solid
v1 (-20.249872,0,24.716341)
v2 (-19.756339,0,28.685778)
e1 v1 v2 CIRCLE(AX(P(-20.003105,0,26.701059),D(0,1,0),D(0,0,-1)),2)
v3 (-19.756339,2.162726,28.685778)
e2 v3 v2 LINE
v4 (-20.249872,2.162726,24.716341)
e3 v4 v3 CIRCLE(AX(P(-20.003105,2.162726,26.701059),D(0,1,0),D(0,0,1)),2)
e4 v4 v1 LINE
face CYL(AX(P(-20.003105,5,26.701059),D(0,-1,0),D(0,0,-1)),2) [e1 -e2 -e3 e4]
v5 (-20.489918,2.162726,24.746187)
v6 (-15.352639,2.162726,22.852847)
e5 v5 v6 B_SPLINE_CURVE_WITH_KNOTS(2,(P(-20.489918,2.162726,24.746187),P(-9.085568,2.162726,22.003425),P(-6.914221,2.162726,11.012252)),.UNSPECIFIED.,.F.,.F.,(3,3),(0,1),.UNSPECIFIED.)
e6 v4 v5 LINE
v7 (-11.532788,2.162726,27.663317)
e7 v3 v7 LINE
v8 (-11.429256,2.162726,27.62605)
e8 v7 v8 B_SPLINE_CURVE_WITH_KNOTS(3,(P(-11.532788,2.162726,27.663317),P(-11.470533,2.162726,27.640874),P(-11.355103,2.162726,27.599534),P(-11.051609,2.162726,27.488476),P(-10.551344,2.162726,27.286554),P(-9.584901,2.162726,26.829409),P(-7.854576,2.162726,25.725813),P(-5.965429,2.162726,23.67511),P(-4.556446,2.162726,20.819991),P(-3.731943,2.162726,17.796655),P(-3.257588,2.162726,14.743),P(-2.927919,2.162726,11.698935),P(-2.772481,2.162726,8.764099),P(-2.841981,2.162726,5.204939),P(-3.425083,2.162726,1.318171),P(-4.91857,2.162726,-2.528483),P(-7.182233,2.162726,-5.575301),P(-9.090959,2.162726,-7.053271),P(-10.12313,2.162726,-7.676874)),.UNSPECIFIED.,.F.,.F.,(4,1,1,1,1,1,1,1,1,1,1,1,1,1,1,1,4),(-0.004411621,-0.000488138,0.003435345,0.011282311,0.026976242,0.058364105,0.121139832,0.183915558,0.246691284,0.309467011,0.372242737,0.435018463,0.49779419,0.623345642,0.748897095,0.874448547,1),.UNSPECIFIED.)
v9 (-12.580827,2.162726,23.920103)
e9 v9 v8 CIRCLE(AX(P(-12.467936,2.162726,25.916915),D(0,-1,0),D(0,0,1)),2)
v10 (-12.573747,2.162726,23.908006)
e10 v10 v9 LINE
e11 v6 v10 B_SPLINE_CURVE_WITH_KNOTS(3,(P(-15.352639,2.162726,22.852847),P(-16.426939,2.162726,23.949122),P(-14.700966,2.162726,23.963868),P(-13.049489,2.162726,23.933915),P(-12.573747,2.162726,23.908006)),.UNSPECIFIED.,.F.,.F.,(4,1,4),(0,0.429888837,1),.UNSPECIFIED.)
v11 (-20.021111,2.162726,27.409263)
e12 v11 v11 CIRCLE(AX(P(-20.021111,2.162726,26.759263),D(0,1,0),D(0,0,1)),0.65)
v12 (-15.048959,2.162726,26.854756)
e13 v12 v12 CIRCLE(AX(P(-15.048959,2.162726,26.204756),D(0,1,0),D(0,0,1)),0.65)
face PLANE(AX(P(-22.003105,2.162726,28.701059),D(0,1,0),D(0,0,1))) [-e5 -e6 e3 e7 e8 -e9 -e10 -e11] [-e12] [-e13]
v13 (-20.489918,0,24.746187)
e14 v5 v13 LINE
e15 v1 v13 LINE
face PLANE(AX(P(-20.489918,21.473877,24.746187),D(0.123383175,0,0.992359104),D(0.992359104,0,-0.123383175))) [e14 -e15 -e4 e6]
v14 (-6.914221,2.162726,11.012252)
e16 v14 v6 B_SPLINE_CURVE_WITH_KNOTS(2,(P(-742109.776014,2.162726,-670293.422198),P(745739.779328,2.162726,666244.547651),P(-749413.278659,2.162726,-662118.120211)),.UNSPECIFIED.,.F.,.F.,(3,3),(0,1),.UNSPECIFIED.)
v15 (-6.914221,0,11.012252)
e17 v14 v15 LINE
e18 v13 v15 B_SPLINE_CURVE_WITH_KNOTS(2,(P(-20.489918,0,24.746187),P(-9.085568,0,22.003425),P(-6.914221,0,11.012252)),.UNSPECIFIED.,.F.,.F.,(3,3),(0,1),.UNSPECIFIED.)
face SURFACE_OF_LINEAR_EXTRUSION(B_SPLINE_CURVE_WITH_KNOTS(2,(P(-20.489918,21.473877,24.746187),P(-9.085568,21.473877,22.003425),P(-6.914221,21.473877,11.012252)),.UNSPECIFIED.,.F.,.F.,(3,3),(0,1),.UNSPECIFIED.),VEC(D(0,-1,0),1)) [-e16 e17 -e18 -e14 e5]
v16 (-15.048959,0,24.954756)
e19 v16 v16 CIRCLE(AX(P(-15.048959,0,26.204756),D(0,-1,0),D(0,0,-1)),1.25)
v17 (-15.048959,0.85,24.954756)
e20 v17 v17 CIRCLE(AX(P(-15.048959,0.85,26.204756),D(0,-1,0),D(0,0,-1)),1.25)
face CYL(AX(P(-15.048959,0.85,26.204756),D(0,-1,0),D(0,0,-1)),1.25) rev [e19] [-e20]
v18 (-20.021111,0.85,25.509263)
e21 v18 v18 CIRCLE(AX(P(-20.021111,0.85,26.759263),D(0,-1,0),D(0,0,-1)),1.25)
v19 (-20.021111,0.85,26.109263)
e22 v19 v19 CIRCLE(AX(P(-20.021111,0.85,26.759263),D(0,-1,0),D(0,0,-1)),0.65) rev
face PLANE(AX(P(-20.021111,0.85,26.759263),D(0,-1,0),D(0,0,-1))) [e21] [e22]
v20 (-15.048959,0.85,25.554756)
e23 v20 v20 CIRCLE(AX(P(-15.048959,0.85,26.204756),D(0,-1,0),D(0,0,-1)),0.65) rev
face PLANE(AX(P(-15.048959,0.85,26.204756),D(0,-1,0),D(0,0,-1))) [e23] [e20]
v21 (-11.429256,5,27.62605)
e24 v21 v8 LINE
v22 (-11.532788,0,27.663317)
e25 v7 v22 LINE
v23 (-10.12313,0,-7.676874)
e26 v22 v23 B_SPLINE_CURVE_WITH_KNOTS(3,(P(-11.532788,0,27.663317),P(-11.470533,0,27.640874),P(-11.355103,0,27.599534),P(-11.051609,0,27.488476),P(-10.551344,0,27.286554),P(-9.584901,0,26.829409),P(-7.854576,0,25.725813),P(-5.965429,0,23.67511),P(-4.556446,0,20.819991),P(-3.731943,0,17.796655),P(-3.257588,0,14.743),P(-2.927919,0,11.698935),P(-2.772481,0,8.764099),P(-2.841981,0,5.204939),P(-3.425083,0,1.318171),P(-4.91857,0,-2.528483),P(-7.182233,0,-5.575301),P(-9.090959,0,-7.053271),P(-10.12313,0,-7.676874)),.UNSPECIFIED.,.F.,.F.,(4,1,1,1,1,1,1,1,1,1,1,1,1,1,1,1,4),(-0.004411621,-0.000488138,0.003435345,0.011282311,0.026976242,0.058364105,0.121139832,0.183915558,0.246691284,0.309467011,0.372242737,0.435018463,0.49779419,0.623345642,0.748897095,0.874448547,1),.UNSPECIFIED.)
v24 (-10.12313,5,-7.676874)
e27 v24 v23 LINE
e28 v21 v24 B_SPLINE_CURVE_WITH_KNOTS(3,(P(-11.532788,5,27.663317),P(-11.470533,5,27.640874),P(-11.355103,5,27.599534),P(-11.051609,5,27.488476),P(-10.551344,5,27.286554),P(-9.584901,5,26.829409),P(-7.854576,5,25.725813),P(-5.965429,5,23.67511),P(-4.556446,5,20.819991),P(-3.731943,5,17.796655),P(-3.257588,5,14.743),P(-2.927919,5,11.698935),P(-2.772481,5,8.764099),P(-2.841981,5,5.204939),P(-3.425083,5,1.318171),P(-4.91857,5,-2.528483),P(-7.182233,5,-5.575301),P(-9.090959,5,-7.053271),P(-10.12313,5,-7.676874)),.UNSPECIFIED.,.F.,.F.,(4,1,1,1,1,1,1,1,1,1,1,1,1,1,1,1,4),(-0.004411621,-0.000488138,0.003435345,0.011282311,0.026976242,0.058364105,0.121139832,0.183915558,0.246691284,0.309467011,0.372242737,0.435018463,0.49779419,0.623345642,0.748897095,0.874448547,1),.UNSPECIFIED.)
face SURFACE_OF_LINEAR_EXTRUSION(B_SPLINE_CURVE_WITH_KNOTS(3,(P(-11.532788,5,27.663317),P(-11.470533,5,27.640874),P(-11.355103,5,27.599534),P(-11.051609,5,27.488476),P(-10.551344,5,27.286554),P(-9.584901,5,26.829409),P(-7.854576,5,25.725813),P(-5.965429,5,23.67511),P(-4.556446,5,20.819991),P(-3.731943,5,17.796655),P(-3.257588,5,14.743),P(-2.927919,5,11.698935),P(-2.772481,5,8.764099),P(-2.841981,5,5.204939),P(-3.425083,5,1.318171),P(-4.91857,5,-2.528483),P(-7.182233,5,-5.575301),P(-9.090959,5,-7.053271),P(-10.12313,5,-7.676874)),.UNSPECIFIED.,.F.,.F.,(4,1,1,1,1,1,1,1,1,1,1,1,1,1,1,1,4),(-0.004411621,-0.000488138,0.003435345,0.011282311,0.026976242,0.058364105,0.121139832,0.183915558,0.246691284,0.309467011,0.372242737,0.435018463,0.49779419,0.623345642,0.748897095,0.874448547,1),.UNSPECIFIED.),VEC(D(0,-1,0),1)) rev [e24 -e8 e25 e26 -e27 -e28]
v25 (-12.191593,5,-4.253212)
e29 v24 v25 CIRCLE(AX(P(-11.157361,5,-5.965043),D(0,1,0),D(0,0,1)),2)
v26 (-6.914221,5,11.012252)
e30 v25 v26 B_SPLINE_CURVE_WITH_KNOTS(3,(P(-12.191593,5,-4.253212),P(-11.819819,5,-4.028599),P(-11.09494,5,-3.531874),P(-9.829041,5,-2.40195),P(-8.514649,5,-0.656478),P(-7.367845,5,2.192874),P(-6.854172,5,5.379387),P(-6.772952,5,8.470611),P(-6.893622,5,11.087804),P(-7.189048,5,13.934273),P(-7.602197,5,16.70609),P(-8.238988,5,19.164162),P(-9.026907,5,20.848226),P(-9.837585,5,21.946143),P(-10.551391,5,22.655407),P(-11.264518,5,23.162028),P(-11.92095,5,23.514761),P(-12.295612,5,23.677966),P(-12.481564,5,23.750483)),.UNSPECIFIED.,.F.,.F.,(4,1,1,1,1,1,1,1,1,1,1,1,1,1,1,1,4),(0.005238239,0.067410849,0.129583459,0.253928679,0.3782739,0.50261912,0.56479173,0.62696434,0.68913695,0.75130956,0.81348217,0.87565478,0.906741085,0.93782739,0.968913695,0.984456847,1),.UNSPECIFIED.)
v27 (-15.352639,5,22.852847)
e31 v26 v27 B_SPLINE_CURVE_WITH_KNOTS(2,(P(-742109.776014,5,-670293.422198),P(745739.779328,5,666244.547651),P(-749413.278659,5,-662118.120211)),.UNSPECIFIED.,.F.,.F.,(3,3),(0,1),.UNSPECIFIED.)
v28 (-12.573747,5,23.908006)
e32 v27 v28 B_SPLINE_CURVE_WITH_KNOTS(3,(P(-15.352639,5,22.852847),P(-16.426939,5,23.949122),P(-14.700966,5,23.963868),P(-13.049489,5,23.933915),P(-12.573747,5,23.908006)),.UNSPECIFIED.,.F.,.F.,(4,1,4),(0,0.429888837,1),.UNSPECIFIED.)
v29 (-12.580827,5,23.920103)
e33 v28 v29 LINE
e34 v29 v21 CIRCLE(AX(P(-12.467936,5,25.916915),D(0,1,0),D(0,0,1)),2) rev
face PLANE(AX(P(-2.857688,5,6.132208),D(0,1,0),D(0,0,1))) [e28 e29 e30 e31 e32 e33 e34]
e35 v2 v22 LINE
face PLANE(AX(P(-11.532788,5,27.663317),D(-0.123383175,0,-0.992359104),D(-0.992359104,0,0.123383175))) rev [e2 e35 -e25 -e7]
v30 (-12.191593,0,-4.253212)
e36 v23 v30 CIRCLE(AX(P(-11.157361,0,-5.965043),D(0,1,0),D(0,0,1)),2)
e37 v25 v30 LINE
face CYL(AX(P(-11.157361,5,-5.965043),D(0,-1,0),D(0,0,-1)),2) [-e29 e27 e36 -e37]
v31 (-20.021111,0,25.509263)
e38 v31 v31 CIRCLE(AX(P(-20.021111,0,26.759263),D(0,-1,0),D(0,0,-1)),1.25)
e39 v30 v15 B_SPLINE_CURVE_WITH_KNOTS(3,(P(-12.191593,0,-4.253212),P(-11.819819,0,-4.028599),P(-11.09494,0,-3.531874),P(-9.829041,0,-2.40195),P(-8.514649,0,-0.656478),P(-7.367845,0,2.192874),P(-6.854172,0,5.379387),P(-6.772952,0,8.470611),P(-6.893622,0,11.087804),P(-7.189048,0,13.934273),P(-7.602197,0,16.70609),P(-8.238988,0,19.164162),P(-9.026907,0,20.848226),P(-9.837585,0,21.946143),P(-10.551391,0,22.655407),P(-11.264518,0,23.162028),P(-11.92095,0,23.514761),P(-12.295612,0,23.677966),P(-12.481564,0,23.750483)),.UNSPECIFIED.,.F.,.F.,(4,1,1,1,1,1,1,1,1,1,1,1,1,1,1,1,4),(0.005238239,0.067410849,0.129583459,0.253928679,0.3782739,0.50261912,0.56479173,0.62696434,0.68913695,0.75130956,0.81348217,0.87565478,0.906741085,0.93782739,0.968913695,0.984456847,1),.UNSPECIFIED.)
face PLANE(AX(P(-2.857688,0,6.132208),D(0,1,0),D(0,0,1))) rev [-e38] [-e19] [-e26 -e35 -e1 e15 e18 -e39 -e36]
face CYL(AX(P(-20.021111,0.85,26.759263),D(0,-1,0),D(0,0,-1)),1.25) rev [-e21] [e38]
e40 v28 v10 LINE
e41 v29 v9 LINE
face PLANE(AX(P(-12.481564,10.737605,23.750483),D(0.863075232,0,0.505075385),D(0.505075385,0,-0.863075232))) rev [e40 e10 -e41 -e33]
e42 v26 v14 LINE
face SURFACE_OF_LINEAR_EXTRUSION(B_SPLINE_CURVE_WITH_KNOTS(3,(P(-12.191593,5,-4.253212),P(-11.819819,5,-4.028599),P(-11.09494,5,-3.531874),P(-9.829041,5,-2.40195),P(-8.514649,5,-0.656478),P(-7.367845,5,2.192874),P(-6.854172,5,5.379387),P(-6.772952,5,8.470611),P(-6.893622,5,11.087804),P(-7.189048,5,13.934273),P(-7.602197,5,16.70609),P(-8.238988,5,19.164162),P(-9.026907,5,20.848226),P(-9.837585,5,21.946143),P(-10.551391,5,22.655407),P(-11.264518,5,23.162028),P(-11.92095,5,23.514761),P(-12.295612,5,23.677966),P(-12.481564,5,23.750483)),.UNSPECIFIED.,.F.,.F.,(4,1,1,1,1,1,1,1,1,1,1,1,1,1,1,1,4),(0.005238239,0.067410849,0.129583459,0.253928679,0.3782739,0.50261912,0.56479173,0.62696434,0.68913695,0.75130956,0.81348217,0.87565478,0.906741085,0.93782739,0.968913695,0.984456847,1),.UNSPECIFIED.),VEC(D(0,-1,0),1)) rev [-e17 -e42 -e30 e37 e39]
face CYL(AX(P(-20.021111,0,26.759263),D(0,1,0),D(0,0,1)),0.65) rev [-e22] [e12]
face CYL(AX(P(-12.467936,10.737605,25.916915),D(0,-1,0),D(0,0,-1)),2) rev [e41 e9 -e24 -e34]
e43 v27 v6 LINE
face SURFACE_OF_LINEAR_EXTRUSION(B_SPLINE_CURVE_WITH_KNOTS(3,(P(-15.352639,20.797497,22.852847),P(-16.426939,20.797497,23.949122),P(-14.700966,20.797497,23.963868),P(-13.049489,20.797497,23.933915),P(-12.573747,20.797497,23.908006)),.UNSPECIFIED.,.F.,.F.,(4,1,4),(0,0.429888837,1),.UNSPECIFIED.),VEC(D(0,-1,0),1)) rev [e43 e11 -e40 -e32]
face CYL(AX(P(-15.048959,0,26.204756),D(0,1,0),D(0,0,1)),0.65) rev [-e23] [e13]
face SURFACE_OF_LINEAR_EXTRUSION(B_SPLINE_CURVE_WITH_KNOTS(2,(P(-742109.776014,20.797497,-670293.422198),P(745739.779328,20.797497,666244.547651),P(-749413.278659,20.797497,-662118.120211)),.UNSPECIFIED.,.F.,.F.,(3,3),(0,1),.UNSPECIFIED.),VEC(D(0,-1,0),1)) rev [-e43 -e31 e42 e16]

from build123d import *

# Parameters (mm, degrees)
EXTRUDE_1_DEPTH     = 5
CUT_EXTRUDE_3_DEPTH = 36.932997264
SKETCH_6_R          = 0.65
CUT_EXTRUDE_4_DEPTH = 37.508731303
SKETCH_7_R          = 1.25
CUT_EXTRUDE_5_DEPTH = 0.85
EXTRUDE_2_DEPTH     = 2.837273549
EXTRUDE_3_DEPTH     = 2.162726451
EXTRUDE_4_DEPTH     = 2.837273549


with BuildPart() as part:
    # 草图1 → 凸台-拉伸1 (new body)
    with BuildSketch(Plane(origin=(0, 0, 0), x_dir=(1, 0, 0), z_dir=(0, 1, 0))):
        with BuildLine():
            Line((-11.532787565, -27.66331715), (-19.756338957, -28.685777545))
            ThreePointArc((-19.756338957, -28.685777545), (-21.987823516, -26.947825687), (-20.249871658, -24.716341127))
            Line((-20.249871658, -24.716341127), (-12.48156417, -23.75048266))
            add(Edge.make_bspline(
                [(-12.48156417, -23.75048266), (-12.295612378, -23.67796581), (-11.920949946, -23.514760542), (-11.264517505, -23.162027697), (-10.551390656, -22.655406839), (-9.837584569, -21.94614323), (-9.026907466, -20.848225864), (-8.238987931, -19.16416179), (-7.602196611, -16.706089731), (-7.189047715, -13.934273469), (-6.893621745, -11.087804415), (-6.772952472, -8.470611277), (-6.854171877, -5.379387305), (-7.367845034, -2.192874406), (-8.514649439, 0.65647794), (-9.829040758, 2.401950035), (-11.094940182, 3.531874214), (-11.819819389, 4.028598999), (-12.191592735, 4.253212063)],
                knots=[0.005238239, 0.005238239, 0.005238239, 0.005238239, 0.020781392, 0.036324544, 0.067410849, 0.098497154, 0.129583459, 0.191756069, 0.253928679, 0.316101289, 0.3782739, 0.44044651, 0.50261912, 0.62696434, 0.75130956, 0.87565478, 0.93782739, 1, 1, 1, 1], degree=3))
            ThreePointArc((-12.191592735, 4.253212063), (-12.869192539, 6.999274426), (-10.123130176, 7.67687423))
            add(Edge.make_bspline(
                [(-11.532787565, -27.66331715), (-11.470532884, -27.640873613), (-11.355102626, -27.59953383), (-11.051609278, -27.488475951), (-10.551343717, -27.286553928), (-9.584901148, -26.829408766), (-7.854575968, -25.725812711), (-5.96542891, -23.675110376), (-4.556446234, -20.819990637), (-3.731942919, -17.796654668), (-3.257587757, -14.742999785), (-2.927918963, -11.698935156), (-2.772480823, -8.76409887), (-2.841981487, -5.204938932), (-3.425083428, -1.318171114), (-4.918570201, 2.52848265), (-7.182233346, 5.575301279), (-9.090959394, 7.05327105), (-10.123130176, 7.67687423)],
                knots=[-0.004411621, -0.004411621, -0.004411621, -0.004411621, -0.000488138, 0.003435345, 0.011282311, 0.026976242, 0.058364105, 0.121139832, 0.183915558, 0.246691284, 0.309467011, 0.372242737, 0.435018463, 0.49779419, 0.623345642, 0.748897095, 0.874448547, 1, 1, 1, 1], degree=3))
        make_face()
    extrude(amount=EXTRUDE_1_DEPTH)

    # 草图5 → 切除-拉伸3 (cut, through all)
    with BuildSketch(Plane.XY.offset(20)):
        Polygon((-22.003105308, 4.162726451), (-22.003105308, 5), (-10.276836703, 5), (-10.276836703, 4.162726451), (-10.276836703, 2.162726451), (-22.003105308, 2.162726451), align=None)
    extrude(amount=CUT_EXTRUDE_3_DEPTH, mode=Mode.SUBTRACT)

    # 草图6 → 切除-拉伸4 (cut, through all)
    with BuildSketch(Plane(origin=(0, 5, 0), x_dir=(1, 0, 0), z_dir=(0, 1, 0))):
        with Locations(Location((-20.021110813, -26.759262863, 0), (0, 0, 270))):
            Circle(SKETCH_6_R)
        with Locations(Location((-15.048958849, -26.204756434, 0), (0, 0, 270))):
            Circle(SKETCH_6_R)
    extrude(amount=-CUT_EXTRUDE_4_DEPTH, mode=Mode.SUBTRACT)

    # 草图7 → 切除-拉伸5 (cut)
    with BuildSketch(Plane.XZ):
        with Locations(Location((-20.021110813, 26.759262863, 0), (0, 0, 270))):
            Circle(SKETCH_7_R)
        with Locations(Location((-15.048958849, 26.204756434, 0), (0, 0, 270))):
            Circle(SKETCH_7_R)
    extrude(amount=-CUT_EXTRUDE_5_DEPTH, mode=Mode.SUBTRACT)

    # 草图8 → 凸台-拉伸2 (add)
    with BuildSketch(Plane(origin=(0, 2.162726451, 0), x_dir=(1, 0, 0), z_dir=(0, 1, 0))):
        with BuildLine():
            Line((-12.48156417, -23.75048266), (-12.580826815, -23.920103142))
            ThreePointArc((-12.580826815, -23.920103142), (-10.558019351, -25.323434722), (-11.429255903, -27.626049851))
            add(Edge.make_bspline(
                [(-11.429255903, -27.626049851), (-11.402483913, -27.616408571), (-11.312274879, -27.583861794), (-11.051609278, -27.488475951), (-10.694139024, -27.344190351), (-10.414634593, -27.218588376), (-10.276836703, -27.153356774)],
                knots=[-0.002196957, -0.002196957, -0.002196957, -0.002196957, -0.000488138, 0.003435345, 0.011282311, 0.019136837, 0.019136837, 0.019136837, 0.019136837], degree=3))
            Line((-10.276836703, -27.153356774), (-10.276836703, -22.371362309))
            add(Edge.make_bspline(
                [(-10.276836703, -22.371362309), (-10.372821557, -22.463117226), (-10.724386033, -22.778306526), (-11.264517505, -23.162027697), (-11.920949946, -23.514760542), (-12.295612378, -23.67796581), (-12.48156417, -23.75048266)],
                knots=[0.925593927, 0.925593927, 0.925593927, 0.925593927, 0.93782739, 0.968913695, 0.984456847, 1, 1, 1, 1], degree=3))
        make_face()
    extrude(amount=EXTRUDE_2_DEPTH)

    # 草图9 → 凸台-拉伸3 (add)
    with BuildSketch(Plane.XZ):
        with BuildLine():
            Line((-20.489918003, 24.746186856), (-12.48156417, 23.75048266))
            add(Edge.make_bspline(
                [(-12.48156417, 23.75048266), (-12.295612378, 23.67796581), (-11.920949946, 23.514760542), (-11.264517505, 23.162027697), (-10.551390656, 22.655406839), (-9.837584569, 21.94614323), (-9.026907466, 20.848225864), (-8.238987931, 19.16416179), (-7.602196611, 16.706089731), (-7.189047715, 13.934273469), (-6.987988897, 11.997044646), (-6.917012362, 11.050106293), (-6.91422073, 11.012251503)],
                knots=[0.005238239, 0.005238239, 0.005238239, 0.005238239, 0.020781392, 0.036324544, 0.067410849, 0.098497154, 0.129583459, 0.191756069, 0.253928679, 0.316101289, 0.3782739, 0.380867603, 0.380867603, 0.380867603, 0.380867603], degree=3))
            add(Edge.make_bspline(
                [(-20.489918003, 24.746186856), (-9.085568026, 22.00342521), (-6.91422073, 11.012251503)],
                knots=[0, 0, 0, 1, 1, 1], degree=2))
        make_face()
    extrude(amount=-EXTRUDE_3_DEPTH)

    # 草图10 → 凸台-拉伸4 (add)
    with BuildSketch(Plane(origin=(0, 2.162726451, 0), x_dir=(1, 0, 0), z_dir=(0, 1, 0))):
        with BuildLine():
            Line((-12.48156417, -23.75048266), (-12.573747328, -23.90800568))
            add(Edge.make_bspline(
                [(-12.573747328, -23.90800568), (-13.049488997, -23.93391524), (-14.700965999, -23.963867562), (-16.426938548, -23.94912182), (-15.35263855, -22.852847317)],
                knots=[0, 0, 0, 0, 0.570111163, 1, 1, 1, 1], degree=3))
            add(Edge.make_bspline(
                [(-15.35263855, -22.852847317), (-8.541278489, -19.248278275), (-6.91422073, -11.012251503)],
                knots=[0, 0, 0, 1, 1, 1], degree=2))
            add(Edge.make_bspline(
                [(-6.91422073, -11.012251503), (-6.917012362, -11.050106293), (-6.987988897, -11.997044646), (-7.189047715, -13.934273469), (-7.602196611, -16.706089731), (-8.238987931, -19.16416179), (-9.026907466, -20.848225864), (-9.837584569, -21.94614323), (-10.551390656, -22.655406839), (-11.264517505, -23.162027697), (-11.920949946, -23.514760542), (-12.295612378, -23.67796581), (-12.48156417, -23.75048266)],
                knots=[0.624370637, 0.624370637, 0.624370637, 0.624370637, 0.62696434, 0.68913695, 0.75130956, 0.81348217, 0.87565478, 0.906741085, 0.93782739, 0.968913695, 0.984456847, 1, 1, 1, 1], degree=3))
        make_face()
    extrude(amount=EXTRUDE_4_DEPTH)


solid = part.part
